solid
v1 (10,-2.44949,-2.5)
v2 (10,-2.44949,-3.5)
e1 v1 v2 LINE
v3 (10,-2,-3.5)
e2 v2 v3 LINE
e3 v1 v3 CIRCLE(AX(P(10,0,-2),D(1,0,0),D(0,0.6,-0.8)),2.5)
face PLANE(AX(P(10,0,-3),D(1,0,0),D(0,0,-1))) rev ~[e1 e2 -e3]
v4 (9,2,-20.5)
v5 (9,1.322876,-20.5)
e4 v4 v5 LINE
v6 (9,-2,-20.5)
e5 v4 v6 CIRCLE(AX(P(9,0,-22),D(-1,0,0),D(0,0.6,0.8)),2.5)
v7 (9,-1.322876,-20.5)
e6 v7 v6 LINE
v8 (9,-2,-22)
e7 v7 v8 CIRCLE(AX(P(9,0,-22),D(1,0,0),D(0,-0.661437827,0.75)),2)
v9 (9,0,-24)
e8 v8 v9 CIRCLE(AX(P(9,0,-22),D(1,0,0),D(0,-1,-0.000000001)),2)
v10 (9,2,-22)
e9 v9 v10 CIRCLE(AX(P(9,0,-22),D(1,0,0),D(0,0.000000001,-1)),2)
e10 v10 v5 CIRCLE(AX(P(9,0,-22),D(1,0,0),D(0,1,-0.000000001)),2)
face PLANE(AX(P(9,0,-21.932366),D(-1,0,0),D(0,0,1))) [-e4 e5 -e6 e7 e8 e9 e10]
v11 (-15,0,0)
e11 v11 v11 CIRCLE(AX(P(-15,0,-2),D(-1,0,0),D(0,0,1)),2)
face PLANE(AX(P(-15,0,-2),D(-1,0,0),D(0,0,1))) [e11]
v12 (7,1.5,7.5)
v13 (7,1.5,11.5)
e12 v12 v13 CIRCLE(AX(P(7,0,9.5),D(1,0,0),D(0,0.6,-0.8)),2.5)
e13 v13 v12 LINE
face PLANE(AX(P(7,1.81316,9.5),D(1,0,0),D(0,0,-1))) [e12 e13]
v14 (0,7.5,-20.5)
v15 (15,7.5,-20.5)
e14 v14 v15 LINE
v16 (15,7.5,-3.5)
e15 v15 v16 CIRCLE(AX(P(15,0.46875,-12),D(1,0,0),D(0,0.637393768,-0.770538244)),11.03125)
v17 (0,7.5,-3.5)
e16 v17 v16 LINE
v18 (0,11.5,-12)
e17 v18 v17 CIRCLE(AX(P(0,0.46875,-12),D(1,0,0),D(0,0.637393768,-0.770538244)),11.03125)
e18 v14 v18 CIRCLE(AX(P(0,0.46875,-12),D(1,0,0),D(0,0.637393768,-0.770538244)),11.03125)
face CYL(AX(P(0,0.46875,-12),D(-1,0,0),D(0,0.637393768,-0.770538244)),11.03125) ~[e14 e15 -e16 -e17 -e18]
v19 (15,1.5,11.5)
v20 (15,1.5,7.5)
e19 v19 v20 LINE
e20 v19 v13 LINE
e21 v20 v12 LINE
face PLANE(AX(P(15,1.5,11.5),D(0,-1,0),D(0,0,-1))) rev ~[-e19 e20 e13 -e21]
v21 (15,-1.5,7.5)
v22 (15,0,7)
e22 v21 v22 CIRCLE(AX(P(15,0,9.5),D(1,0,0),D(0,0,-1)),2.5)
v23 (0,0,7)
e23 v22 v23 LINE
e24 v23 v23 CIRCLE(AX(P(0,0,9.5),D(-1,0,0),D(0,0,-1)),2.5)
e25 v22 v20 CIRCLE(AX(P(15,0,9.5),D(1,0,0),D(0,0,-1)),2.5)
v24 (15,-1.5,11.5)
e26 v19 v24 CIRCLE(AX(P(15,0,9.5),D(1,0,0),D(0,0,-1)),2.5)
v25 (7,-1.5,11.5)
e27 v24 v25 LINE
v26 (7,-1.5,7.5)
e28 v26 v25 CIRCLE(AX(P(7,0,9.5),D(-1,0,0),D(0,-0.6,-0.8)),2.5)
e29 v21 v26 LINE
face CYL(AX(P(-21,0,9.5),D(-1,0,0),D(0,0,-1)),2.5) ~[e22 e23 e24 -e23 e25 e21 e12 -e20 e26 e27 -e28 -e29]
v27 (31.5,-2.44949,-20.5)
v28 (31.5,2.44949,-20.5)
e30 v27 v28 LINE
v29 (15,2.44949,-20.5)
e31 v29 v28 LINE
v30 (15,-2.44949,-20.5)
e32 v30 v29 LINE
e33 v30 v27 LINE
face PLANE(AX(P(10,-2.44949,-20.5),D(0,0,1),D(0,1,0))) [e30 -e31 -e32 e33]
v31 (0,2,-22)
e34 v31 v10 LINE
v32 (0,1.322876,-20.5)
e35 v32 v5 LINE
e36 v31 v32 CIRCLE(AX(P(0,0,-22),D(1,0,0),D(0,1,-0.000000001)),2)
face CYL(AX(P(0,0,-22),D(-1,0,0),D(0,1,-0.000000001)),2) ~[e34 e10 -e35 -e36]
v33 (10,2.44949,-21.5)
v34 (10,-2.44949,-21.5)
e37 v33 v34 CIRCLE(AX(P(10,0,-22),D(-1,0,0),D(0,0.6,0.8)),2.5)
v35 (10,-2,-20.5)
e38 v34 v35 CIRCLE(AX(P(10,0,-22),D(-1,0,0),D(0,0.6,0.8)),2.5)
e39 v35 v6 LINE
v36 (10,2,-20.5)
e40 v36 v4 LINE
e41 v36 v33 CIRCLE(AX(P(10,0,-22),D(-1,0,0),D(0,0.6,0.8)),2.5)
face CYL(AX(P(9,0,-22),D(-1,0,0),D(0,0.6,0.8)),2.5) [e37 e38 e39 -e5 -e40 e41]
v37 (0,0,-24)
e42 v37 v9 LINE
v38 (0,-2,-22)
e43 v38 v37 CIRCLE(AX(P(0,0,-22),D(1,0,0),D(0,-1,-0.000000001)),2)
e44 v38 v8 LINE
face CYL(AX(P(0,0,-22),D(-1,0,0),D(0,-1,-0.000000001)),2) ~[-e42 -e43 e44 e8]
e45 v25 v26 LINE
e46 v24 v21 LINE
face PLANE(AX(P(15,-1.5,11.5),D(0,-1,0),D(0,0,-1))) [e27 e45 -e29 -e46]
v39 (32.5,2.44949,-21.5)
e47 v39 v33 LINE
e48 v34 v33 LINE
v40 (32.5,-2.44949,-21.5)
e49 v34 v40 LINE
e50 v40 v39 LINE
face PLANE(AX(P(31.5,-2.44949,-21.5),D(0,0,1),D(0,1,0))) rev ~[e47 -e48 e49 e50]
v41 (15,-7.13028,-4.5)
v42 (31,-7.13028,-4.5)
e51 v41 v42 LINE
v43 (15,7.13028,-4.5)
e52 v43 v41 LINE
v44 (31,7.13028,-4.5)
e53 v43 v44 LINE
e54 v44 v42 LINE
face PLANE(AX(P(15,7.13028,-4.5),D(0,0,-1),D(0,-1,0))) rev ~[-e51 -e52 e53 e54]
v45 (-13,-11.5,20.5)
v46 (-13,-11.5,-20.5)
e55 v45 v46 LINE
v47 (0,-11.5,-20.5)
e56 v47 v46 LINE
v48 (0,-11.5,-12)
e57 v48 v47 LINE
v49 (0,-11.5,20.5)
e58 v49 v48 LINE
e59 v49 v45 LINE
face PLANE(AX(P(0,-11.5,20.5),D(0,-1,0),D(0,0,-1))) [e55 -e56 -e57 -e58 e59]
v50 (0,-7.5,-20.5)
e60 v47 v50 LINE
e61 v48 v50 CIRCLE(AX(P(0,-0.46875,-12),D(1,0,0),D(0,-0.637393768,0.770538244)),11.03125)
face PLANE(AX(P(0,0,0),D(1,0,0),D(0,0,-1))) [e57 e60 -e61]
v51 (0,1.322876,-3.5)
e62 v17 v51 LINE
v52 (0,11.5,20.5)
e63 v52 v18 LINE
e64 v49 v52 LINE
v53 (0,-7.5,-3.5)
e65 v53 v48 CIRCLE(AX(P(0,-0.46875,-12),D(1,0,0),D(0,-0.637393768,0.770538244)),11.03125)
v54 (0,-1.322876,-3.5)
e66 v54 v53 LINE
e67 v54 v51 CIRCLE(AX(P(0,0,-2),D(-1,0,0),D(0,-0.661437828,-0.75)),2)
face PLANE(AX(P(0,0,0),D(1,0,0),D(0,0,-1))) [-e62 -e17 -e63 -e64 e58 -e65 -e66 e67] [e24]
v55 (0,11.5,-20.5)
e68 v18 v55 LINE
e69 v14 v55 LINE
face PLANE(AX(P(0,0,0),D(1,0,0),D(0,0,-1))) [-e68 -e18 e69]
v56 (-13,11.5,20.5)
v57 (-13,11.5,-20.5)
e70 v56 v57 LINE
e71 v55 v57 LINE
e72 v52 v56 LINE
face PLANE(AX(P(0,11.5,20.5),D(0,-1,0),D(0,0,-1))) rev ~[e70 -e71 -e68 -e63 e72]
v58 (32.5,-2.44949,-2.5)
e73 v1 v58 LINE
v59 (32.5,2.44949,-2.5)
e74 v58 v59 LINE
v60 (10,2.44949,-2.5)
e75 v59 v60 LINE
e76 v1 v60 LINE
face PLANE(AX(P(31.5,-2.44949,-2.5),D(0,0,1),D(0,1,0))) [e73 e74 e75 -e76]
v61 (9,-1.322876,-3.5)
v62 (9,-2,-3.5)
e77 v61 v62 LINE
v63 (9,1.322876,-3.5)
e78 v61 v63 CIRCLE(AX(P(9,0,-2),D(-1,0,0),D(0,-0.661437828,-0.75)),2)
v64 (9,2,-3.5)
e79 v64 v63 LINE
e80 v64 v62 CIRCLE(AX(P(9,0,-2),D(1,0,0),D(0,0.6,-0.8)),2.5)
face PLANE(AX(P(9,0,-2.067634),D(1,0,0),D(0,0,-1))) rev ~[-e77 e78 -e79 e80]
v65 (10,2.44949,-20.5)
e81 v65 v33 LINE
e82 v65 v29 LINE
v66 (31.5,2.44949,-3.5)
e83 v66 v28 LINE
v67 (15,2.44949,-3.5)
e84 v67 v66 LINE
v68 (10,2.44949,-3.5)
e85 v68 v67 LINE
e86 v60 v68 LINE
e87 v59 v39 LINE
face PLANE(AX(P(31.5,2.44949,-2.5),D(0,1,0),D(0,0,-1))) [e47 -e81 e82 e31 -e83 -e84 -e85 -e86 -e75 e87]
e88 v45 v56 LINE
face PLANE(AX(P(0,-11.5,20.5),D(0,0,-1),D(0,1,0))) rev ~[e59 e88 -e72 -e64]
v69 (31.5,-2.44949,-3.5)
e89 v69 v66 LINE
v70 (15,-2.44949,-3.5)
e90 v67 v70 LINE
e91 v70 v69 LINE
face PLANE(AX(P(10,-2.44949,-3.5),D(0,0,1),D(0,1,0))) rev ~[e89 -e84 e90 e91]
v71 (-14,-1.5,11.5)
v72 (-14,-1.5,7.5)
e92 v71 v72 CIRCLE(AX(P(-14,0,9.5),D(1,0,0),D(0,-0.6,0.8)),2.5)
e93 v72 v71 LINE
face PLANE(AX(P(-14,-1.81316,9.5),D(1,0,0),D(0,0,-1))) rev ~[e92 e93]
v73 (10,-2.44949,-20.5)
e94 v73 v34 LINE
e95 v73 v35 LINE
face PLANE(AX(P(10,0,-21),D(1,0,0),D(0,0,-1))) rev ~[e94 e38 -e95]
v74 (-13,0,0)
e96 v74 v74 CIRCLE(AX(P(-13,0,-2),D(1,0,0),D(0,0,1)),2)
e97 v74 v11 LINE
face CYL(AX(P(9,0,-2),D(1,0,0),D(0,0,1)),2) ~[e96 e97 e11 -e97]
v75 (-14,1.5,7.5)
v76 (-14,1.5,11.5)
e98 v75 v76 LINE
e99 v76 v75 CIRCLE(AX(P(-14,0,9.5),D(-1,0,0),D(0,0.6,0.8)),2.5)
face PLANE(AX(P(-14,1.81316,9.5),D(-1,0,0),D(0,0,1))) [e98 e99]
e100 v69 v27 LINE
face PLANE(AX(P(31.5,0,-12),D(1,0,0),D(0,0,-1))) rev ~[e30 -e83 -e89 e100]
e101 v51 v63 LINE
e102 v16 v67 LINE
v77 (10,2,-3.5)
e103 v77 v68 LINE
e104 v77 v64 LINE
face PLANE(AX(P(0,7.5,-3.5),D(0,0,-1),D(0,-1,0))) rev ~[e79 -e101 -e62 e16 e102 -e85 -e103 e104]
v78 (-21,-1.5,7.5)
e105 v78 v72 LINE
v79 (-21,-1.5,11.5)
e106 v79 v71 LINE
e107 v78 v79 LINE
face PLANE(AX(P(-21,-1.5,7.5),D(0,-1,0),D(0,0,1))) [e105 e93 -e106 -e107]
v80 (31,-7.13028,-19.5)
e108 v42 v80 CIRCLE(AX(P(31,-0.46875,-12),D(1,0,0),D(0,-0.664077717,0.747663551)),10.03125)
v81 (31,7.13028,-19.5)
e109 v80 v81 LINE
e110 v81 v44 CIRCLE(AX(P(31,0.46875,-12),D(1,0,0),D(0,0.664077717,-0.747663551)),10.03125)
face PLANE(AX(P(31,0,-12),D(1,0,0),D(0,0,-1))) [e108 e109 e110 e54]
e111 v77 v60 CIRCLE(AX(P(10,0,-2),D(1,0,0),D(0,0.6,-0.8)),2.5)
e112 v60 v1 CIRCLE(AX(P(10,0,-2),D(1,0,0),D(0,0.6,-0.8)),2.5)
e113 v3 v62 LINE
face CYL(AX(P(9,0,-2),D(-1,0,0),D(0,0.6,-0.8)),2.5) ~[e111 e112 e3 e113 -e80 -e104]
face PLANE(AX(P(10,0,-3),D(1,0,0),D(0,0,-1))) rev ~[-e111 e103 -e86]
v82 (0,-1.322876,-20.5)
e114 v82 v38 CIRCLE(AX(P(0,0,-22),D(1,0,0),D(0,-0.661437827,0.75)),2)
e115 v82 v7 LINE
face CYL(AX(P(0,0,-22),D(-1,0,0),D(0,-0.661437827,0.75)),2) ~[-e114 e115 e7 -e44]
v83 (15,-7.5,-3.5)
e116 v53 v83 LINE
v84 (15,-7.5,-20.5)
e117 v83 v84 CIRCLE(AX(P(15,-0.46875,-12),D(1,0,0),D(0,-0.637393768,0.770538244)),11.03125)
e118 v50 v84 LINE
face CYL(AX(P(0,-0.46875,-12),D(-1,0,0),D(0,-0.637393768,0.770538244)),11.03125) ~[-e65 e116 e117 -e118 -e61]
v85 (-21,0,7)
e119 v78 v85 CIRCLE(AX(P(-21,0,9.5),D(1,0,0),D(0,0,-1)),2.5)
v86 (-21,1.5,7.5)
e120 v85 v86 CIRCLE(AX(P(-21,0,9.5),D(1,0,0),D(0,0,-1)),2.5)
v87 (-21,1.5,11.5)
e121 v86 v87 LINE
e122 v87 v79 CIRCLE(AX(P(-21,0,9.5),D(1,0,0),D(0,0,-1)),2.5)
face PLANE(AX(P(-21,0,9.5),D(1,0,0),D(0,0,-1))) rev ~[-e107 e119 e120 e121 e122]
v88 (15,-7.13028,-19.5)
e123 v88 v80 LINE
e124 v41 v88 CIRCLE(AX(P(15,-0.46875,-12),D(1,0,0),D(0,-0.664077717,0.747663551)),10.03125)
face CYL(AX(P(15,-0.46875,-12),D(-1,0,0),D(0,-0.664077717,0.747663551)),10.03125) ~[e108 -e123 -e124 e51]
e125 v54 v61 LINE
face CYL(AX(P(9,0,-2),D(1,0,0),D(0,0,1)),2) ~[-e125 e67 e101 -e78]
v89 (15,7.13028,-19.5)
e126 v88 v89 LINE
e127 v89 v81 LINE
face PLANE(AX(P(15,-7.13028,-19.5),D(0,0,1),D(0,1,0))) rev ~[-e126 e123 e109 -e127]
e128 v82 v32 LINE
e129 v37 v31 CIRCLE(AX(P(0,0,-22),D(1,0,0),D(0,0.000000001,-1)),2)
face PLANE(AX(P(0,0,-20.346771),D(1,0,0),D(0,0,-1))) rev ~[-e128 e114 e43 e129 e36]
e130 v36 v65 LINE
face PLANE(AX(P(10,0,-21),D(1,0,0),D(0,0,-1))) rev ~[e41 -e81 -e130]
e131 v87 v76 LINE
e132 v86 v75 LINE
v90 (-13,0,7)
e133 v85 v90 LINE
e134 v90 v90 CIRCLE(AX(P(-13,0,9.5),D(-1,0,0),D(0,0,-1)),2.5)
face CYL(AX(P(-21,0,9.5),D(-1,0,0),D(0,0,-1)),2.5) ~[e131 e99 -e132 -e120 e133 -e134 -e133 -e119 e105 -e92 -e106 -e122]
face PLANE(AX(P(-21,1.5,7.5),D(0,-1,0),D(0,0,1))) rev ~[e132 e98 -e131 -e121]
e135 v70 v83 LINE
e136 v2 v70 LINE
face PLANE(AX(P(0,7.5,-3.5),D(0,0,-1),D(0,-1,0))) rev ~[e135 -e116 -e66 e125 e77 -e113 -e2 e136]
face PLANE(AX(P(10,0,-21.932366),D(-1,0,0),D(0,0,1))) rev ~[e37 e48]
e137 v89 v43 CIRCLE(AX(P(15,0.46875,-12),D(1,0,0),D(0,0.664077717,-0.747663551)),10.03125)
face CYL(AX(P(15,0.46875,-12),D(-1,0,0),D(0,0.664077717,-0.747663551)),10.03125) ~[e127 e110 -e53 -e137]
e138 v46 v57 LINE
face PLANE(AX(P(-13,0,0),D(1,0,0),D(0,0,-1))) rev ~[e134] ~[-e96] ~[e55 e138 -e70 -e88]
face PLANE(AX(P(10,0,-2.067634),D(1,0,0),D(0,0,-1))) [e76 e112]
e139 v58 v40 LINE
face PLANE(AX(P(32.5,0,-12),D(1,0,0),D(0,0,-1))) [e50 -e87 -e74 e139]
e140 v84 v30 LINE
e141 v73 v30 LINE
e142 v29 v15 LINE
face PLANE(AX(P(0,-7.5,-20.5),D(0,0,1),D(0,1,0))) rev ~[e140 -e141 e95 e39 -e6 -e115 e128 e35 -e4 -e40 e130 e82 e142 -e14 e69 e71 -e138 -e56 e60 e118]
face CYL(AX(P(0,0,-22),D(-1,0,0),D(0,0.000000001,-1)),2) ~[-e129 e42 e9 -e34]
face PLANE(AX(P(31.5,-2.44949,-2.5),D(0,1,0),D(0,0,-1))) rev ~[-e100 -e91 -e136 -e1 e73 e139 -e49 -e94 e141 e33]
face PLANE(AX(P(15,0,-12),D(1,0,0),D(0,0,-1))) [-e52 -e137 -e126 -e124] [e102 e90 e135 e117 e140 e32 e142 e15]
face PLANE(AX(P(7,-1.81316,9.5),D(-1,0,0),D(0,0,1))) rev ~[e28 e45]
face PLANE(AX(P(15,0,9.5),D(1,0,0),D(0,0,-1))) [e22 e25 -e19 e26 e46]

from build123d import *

# Parameters (mm, degrees)
SKETCH_1_W           = 41
SKETCH_1_H           = 23
EXTRUDE_1_DEPTH      = 13
EXTRUDE_2_DEPTH      = 15
EXTRUDE_2_DEPTH_BACK = 21
SKETCH_2_R           = 2.5
EXTRUDE_3_DEPTH      = 2
EXTRUDE_3_DEPTH_BACK = 22
SKETCH_3_R           = 2
SKETCH_3_R_2         = 2.5
CUT_EXTRUDE_1_DEPTH  = 7
CUT_EXTRUDE_2_DEPTH  = 8
EXTRUDE_4_DEPTH      = 15
EXTRUDE_5_DEPTH      = 16
EXTRUDE_10_DEPTH     = 9
EXTRUDE_7_DEPTH      = 1
SKETCH_12_W          = 1
SKETCH_12_H          = 4.898979486
EXTRUDE_11_DEPTH     = 21.5
SKETCH_13_W          = 19
SKETCH_13_H          = 4.898979486
EXTRUDE_12_DEPTH     = 1


with BuildPart() as part:
    # 스케치1 → 보스-돌출1 (new body)
    with BuildSketch(Plane(origin=(0, 0, 0), x_dir=(0, 0, -1), z_dir=(1, 0, 0))):
        Rectangle(SKETCH_1_W, SKETCH_1_H)
    extrude(amount=-EXTRUDE_1_DEPTH)

    # 스케치2 → 보스-돌출2 (add, two sides: drawn at the far end of the back side and taken through both)
    with BuildSketch(Plane(origin=(0, 0, 0), x_dir=(0, 0, -1), z_dir=(1, 0, 0)).offset(-EXTRUDE_2_DEPTH_BACK)):
        with Locations((-9.5, 0)):
            Circle(SKETCH_2_R)
    extrude(amount=EXTRUDE_2_DEPTH + EXTRUDE_2_DEPTH_BACK)

    # 스케치3 → 보스-돌출3 (add, two sides: drawn at the far end of the back side and taken through both)
    with BuildSketch(Plane.ZY.offset(13).offset(-EXTRUDE_3_DEPTH_BACK)):
        with Locations((-2, 0)):
            Circle(SKETCH_3_R)
        with Locations(Location((9.5, 0, 0), (0, 0, 180))):
            Circle(SKETCH_3_R_2)
    extrude(amount=EXTRUDE_3_DEPTH + EXTRUDE_3_DEPTH_BACK)

    # 스케치5 → 컷-돌출1 (cut)
    with BuildSketch(Plane.ZY.offset(21)):
        with BuildLine():
            Line((7.5, 1.5), (11.5, 1.5))
            ThreePointArc((11.5, 1.5), (9.5, 2.5), (7.5, 1.5))
        make_face()
        with BuildLine():
            Line((7.5, -1.5), (11.5, -1.5))
            ThreePointArc((11.5, -1.5), (9.5, -2.5), (7.5, -1.5))
        make_face()
    extrude(amount=-CUT_EXTRUDE_1_DEPTH, mode=Mode.SUBTRACT)

    # 스케치6 → 컷-돌출2 (cut)
    with BuildSketch(Plane(origin=(15, 0, 0), x_dir=(0, 0, -1), z_dir=(1, 0, 0))):
        with BuildLine():
            Line((-11.5, 1.5), (-7.5, 1.5))
            ThreePointArc((-7.5, 1.5), (-9.5, 2.5), (-11.5, 1.5))
        make_face()
        with BuildLine():
            Line((-11.5, -1.5), (-7.5, -1.5))
            ThreePointArc((-7.5, -1.5), (-9.5, -2.5), (-11.5, -1.5))
        make_face()
    extrude(amount=-CUT_EXTRUDE_2_DEPTH, mode=Mode.SUBTRACT)

    # 스케치7 → 보스-돌출4 (add)
    with BuildSketch(Plane(origin=(0, 0, 0), x_dir=(0, 0, -1), z_dir=(1, 0, 0))):
        with BuildLine():
            Line((3.5, 7.5), (3.5, -7.5))
            ThreePointArc((3.5, -7.5), (12, -11.5), (20.5, -7.5))
            Line((20.5, -7.5), (20.5, 7.5))
            ThreePointArc((20.5, 7.5), (12, 11.5), (3.5, 7.5))
        make_face()
    extrude(amount=EXTRUDE_4_DEPTH)

    # 스케치8 → 보스-돌출5 (add)
    with BuildSketch(Plane(origin=(15, 0, 0), x_dir=(0, 0, -1), z_dir=(1, 0, 0))):
        with BuildLine():
            Line((4.5, 7.130279596), (4.5, -7.130279596))
            ThreePointArc((4.5, -7.130279596), (12, -10.5), (19.5, -7.130279596))
            Line((19.5, -7.130279596), (19.5, 7.130279596))
            ThreePointArc((19.5, 7.130279596), (12, 10.5), (4.5, 7.130279596))
        make_face()
    extrude(amount=EXTRUDE_5_DEPTH)

    # 스케치10 → 보스-돌출10 (add)
    with BuildSketch(Plane(origin=(0, 0, 0), x_dir=(0, 0, -1), z_dir=(1, 0, 0))):
        with BuildLine():
            ThreePointArc((20.5, 1.322875656), (20, 0), (20.5, -1.322875656))
            Line((20.5, -1.322875656), (20.5, 1.322875656))
        make_face()
        with BuildLine():
            Line((20.5, 1.322875656), (20.5, -1.322875656))
            ThreePointArc((20.5, -1.322875656), (21.177124344, -1.822875656), (22, -2))
            ThreePointArc((22, -2), (23.414213562, -1.414213562), (24, 0))
            ThreePointArc((24, 0), (23.414213562, 1.414213562), (22, 2))
            ThreePointArc((22, 2), (21.177124344, 1.822875656), (20.5, 1.322875656))
        make_face()
    extrude(amount=EXTRUDE_10_DEPTH)

    # 스케치11 → 보스-돌출7 (add)
    with BuildSketch(Plane(origin=(9, 0, 0), x_dir=(0, 0, -1), z_dir=(1, 0, 0))):
        with BuildLine():
            Line((20, -1.5), (20, 1.5))
            ThreePointArc((20, 1.5), (24.5, 0), (20, -1.5))
        make_face()
        with BuildLine():
            Line((4, -1.5), (4, 1.5))
            ThreePointArc((4, 1.5), (-0.5, 0), (4, -1.5))
        make_face()
    extrude(amount=EXTRUDE_7_DEPTH)

    # 스케치12 → 보스-돌출11 (add)
    with BuildSketch(Plane(origin=(10, 0, 0), x_dir=(0, 0, -1), z_dir=(1, 0, 0))):
        with Locations((21, 0)):
            Rectangle(SKETCH_12_W, SKETCH_12_H)
        with Locations((3, 0)):
            Rectangle(SKETCH_12_W, SKETCH_12_H)
    extrude(amount=EXTRUDE_11_DEPTH)

    # 스케치13 → 보스-돌출12 (add)
    with BuildSketch(Plane(origin=(31.5, 0, 0), x_dir=(0, 0, -1), z_dir=(1, 0, 0))):
        with Locations((12, 0)):
            Rectangle(SKETCH_13_W, SKETCH_13_H)
    extrude(amount=EXTRUDE_12_DEPTH)


solid = part.part
